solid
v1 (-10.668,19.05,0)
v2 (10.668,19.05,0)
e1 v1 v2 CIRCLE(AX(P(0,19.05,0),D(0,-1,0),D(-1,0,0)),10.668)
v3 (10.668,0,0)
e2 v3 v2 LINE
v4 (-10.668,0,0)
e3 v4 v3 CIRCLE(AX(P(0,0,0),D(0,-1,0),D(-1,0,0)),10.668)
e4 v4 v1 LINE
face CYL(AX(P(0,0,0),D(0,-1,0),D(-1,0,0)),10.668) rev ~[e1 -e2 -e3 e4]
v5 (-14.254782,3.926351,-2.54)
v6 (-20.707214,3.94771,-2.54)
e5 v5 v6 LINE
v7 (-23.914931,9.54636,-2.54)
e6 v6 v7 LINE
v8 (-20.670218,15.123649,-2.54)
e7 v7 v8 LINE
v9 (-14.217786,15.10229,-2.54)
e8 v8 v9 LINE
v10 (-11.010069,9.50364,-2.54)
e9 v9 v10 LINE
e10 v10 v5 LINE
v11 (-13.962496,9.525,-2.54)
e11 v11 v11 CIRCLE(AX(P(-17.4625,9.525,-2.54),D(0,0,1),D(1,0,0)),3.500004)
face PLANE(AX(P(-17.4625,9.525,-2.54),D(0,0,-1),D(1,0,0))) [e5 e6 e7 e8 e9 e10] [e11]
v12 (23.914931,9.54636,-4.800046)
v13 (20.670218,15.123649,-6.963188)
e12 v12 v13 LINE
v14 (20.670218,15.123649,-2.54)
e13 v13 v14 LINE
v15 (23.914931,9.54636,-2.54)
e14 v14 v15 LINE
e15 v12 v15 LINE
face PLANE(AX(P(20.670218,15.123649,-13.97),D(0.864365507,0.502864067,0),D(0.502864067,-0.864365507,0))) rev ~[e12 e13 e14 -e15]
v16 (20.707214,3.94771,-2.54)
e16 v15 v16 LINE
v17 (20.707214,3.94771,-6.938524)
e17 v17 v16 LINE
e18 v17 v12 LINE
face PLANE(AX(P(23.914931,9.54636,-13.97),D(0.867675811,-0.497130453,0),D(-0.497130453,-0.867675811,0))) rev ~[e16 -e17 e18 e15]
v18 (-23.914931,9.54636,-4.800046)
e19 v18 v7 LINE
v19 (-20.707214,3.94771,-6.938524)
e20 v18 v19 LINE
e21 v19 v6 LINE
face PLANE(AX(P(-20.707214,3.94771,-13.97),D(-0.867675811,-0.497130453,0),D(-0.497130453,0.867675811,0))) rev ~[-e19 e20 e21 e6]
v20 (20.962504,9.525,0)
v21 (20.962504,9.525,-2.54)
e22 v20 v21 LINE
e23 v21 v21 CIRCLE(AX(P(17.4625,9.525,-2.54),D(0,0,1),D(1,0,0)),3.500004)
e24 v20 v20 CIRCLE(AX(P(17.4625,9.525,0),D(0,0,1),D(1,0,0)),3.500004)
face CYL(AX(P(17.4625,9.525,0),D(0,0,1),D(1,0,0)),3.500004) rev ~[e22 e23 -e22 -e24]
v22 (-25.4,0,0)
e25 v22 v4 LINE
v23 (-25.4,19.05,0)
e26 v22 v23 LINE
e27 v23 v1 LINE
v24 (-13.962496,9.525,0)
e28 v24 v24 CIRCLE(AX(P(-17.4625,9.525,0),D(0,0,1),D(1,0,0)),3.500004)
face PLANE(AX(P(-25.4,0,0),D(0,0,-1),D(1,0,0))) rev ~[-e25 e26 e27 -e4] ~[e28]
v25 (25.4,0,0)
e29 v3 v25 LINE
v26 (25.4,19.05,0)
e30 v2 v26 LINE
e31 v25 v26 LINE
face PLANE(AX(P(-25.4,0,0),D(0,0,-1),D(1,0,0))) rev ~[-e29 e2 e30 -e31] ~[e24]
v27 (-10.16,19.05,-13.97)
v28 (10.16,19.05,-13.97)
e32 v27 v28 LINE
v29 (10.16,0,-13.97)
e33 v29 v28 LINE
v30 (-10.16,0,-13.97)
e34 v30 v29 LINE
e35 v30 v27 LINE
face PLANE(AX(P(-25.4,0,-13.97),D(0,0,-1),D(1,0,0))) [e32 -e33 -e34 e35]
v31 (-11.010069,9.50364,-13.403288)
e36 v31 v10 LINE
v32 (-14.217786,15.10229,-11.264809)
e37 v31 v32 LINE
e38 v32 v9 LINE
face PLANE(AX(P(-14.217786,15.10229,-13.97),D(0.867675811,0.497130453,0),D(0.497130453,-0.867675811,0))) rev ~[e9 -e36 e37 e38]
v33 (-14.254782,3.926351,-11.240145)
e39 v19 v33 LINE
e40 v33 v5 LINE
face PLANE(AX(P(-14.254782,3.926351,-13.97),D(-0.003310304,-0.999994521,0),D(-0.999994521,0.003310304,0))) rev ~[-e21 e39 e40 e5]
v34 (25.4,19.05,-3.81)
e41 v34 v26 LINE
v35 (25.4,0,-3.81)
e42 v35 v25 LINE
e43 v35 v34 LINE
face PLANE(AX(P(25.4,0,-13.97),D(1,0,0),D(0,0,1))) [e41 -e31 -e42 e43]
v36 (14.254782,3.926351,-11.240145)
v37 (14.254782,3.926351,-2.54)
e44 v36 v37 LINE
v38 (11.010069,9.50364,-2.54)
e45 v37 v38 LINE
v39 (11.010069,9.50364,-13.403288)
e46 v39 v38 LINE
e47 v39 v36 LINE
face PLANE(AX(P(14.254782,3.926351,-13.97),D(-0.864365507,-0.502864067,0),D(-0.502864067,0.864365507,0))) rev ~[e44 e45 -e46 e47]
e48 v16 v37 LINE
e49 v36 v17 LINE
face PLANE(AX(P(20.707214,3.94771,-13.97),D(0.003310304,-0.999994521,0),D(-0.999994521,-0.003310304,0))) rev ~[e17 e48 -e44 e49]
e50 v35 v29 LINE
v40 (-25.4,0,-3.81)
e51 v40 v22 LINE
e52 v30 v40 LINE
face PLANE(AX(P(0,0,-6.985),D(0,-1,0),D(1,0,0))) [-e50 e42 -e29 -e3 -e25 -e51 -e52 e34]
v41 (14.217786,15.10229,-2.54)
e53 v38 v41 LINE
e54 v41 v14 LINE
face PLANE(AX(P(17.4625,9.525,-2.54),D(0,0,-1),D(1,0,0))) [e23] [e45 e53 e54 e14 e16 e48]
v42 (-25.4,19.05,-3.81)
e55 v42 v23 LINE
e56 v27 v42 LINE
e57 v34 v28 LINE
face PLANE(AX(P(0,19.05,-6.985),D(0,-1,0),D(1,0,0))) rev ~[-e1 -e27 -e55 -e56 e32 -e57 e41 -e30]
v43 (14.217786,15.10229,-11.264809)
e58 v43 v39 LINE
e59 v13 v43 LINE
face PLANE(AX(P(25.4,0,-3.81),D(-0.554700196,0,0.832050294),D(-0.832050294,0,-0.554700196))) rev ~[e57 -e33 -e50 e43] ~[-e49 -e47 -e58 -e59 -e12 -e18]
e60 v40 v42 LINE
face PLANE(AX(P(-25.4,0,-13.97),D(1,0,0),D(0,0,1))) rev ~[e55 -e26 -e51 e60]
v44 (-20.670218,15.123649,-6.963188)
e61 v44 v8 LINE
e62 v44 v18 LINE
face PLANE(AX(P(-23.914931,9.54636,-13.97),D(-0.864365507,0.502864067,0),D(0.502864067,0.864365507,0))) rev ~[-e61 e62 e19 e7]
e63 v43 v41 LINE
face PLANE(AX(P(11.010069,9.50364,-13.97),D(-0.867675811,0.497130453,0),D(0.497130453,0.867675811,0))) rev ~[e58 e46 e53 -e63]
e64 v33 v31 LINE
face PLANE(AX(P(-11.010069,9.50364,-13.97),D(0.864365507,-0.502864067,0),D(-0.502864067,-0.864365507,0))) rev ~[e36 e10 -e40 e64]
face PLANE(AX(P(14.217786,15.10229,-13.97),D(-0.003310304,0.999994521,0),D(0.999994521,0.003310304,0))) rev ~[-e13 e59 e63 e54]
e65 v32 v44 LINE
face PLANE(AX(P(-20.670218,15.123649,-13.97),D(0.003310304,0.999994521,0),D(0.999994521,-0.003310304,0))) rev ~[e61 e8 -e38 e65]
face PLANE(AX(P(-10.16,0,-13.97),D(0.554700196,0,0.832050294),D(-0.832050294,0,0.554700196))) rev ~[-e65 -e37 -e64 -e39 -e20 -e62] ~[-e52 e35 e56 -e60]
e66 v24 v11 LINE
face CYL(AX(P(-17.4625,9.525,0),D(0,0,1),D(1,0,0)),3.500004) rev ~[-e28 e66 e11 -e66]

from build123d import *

# Parameters (mm, degrees)
F0_W     = 50.8
F0_H     = 13.97
F1_DEPTH = 19.05
F3_DEPTH = 19.05
F5_DEPTH = 25.4
F6_R     = 3.5000041341
F7_DEPTH = 25.4
F9_DEPTH = 11.43


with BuildPart() as f1:
    # F0 (on Front) → F1 (new body)
    with BuildSketch(Plane.XZ):
        with Locations((0, -6.985)):
            Rectangle(F0_W, F0_H)
    extrude(amount=-F1_DEPTH)

    # F2 (on face) → F3 (cut)
    with BuildSketch(Plane.XZ):
        with BuildLine():
            ThreePointArc((-10.668, 0), (0, -10.668), (10.668, 0))
            Line((10.668, 0), (-10.668, 0))
        make_face()
    extrude(amount=-F3_DEPTH, mode=Mode.SUBTRACT)

    # F4 (on face) → F5 (cut)
    with BuildSketch(Plane.XZ):
        Polygon((-25.4, -3.81), (-25.4, -13.97), (-10.16, -13.97), align=None)
        Polygon((25.4, -13.97), (25.4, -3.81), (10.16, -13.97), align=None)
    extrude(amount=-F5_DEPTH, mode=Mode.SUBTRACT)

    # F6 (on face) → F7 (cut)
    with BuildSketch(Plane.XY):
        with Locations((-17.4625, 9.525)):
            Circle(F6_R)
        with Locations((17.4625, 9.525)):
            Circle(F6_R)
    extrude(amount=-F7_DEPTH, mode=Mode.SUBTRACT)

    # F8 (on face) → F9 (cut)
    with BuildSketch(Plane(origin=(0, 0, -13.97), x_dir=(1, 0, 0), z_dir=(0, 0, -1))):
        Polygon((-14.2547823489, -3.9263508054), (-20.7072136039, -3.9477104287), (-23.9149312549, -9.5463596233), (-20.6702176511, -15.1236491946), (-14.2177863961, -15.1022895713), (-11.0100687451, -9.5036403767), align=None)
        Polygon((23.9149312549, -9.5463596233), (20.7072136039, -3.9477104287), (14.2547823489, -3.9263508054), (11.0100687451, -9.5036403767), (14.2177863961, -15.1022895713), (20.6702176511, -15.1236491946), align=None)
    extrude(amount=-F9_DEPTH, mode=Mode.SUBTRACT)


solid = f1.part
